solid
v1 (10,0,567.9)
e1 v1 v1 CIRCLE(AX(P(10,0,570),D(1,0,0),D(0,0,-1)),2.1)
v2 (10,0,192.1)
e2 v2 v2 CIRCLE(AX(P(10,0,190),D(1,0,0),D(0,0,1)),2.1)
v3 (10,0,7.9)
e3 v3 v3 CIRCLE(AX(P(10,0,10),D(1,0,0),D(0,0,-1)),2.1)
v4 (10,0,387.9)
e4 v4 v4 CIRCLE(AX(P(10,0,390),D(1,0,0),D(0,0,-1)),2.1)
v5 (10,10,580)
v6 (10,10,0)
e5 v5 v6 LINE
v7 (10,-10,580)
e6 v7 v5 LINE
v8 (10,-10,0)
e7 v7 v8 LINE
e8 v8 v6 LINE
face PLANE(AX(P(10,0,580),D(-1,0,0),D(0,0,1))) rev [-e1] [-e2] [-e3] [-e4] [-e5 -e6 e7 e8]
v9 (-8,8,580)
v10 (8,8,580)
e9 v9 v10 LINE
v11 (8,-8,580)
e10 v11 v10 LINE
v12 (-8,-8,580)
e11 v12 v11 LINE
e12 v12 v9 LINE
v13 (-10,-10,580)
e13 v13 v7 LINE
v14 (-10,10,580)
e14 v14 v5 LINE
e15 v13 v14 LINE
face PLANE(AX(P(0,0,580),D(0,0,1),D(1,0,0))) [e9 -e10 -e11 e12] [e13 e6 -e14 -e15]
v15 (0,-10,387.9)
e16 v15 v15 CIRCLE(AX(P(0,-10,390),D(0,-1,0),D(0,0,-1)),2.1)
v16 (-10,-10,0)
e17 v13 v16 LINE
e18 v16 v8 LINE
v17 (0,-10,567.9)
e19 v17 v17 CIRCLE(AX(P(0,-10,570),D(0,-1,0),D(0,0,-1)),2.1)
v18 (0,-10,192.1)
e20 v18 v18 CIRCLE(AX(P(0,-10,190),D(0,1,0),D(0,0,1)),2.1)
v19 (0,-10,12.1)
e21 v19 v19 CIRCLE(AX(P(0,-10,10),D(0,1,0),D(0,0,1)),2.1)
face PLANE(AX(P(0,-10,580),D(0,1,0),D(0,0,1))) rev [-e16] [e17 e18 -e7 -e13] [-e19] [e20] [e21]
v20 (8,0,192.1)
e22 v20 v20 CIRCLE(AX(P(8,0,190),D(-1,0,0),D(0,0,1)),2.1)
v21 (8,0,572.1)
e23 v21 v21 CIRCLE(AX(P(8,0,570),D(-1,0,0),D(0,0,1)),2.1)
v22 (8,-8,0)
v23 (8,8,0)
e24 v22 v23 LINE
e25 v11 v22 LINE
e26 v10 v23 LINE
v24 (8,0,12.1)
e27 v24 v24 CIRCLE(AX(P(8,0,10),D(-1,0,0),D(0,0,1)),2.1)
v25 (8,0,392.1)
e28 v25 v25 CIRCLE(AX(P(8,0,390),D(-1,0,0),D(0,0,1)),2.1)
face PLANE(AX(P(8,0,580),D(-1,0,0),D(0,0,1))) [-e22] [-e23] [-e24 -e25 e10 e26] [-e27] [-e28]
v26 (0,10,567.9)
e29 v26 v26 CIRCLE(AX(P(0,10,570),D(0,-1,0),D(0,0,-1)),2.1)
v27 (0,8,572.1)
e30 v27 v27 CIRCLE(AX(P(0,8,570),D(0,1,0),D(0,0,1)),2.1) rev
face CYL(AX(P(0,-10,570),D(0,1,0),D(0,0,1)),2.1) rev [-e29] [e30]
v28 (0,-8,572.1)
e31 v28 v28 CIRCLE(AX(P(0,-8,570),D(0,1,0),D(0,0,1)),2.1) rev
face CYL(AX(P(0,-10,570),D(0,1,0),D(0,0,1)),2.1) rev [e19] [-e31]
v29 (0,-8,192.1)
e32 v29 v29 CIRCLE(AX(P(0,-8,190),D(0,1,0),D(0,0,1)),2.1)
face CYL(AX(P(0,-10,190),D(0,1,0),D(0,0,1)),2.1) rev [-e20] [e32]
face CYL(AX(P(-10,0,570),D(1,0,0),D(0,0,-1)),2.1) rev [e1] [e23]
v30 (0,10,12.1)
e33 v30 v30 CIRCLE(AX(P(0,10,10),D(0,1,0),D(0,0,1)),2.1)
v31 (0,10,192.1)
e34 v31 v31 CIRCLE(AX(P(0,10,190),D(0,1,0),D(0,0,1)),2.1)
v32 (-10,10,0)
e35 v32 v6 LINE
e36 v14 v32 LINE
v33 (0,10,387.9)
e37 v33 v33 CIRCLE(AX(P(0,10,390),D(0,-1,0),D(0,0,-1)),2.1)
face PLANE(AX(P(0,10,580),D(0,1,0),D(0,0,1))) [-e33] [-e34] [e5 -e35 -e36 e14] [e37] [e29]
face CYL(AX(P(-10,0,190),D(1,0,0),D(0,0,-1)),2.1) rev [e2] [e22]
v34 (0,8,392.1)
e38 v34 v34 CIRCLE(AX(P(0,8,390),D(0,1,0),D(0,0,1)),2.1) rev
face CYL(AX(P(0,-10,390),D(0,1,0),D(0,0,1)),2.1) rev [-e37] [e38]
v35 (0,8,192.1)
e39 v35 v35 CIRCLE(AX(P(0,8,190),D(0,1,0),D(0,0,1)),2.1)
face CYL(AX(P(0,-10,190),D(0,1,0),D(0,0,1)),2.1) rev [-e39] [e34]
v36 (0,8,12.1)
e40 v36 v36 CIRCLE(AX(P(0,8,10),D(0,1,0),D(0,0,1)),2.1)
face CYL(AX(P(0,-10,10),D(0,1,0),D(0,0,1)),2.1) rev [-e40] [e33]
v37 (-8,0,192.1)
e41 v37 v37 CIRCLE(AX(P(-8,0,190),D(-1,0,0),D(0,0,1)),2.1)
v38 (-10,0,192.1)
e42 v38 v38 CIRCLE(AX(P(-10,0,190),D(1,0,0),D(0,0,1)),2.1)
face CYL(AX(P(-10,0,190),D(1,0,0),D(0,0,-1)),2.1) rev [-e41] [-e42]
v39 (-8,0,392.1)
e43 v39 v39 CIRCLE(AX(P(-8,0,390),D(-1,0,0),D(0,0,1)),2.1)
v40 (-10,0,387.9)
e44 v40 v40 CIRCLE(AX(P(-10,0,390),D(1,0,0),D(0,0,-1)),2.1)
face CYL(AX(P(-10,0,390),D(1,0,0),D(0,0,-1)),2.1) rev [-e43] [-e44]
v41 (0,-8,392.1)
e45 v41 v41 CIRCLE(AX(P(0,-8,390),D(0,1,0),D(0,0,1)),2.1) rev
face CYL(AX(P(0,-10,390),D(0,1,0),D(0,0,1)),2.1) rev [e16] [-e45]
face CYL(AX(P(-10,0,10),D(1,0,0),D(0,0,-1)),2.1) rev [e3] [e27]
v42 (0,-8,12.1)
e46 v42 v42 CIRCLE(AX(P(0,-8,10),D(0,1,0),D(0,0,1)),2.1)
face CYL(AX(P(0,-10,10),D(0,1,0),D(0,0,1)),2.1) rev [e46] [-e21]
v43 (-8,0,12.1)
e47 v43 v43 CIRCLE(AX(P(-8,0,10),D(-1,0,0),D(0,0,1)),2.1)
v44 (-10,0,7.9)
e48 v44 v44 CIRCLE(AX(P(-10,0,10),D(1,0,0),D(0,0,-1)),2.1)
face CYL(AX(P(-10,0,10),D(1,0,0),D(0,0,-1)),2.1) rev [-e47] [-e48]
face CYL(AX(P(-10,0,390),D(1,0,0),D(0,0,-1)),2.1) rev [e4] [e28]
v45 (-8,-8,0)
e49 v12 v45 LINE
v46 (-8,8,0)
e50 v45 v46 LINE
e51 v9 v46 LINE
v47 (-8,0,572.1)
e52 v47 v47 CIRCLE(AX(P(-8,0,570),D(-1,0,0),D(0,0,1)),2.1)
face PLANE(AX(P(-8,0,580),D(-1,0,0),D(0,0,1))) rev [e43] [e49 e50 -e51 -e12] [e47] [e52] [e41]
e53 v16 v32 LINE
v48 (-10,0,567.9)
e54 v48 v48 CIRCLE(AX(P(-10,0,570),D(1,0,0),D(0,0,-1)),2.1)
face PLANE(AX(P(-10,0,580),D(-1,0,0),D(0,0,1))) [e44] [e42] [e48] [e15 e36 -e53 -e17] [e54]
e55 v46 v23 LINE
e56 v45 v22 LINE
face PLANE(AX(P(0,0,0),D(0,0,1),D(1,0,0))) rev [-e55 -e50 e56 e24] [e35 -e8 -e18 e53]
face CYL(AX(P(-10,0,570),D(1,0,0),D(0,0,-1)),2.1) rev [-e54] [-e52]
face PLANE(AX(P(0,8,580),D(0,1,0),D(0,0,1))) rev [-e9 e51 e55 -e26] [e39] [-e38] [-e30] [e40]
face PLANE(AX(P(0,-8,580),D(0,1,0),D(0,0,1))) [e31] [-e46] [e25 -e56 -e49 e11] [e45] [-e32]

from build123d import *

# Parameters (mm, degrees)
SKETCH_1_W          = 20
SKETCH_1_H          = 20
SKETCH_1_W_2        = 16
SKETCH_1_H_2        = 16
EXTRUDE_1_DEPTH     = 580
SKETCH_2_R          = 2.1
CUT_EXTRUDE_1_DEPTH = 20
SKETCH_3_R          = 2.1
CUT_EXTRUDE_2_DEPTH = 581.689245638


with BuildPart() as part:
    # 草图1 → 凸台-拉伸1 (new body)
    with BuildSketch(Plane.XY):
        Rectangle(SKETCH_1_W, SKETCH_1_H)
        Rectangle(SKETCH_1_W_2, SKETCH_1_H_2, mode=Mode.SUBTRACT)
    extrude(amount=EXTRUDE_1_DEPTH)

    # 草图2 → 切除-拉伸1 (cut)
    with BuildSketch(Plane(origin=(0, 10, 0), x_dir=(1, 0, 0), z_dir=(0, 1, 0))):
        with Locations(Location((0, -10, 0), (0, 0, 270))):
            Circle(SKETCH_2_R)
        with Locations(Location((0, -190, 0), (0, 0, 270))):
            Circle(SKETCH_2_R)
    cut_extrude_1 = extrude(amount=-CUT_EXTRUDE_1_DEPTH, mode=Mode.SUBTRACT)

    # 镜向1: 切除-拉伸1 across plane
    add(cut_extrude_1.mirror(Plane.XY.offset(290)), mode=Mode.SUBTRACT)

    # 草图3 → 切除-拉伸2 (cut, through all)
    with BuildSketch(Plane(origin=(10, 10, 580), x_dir=(0, 0, -1), z_dir=(1, 0, 0))):
        with Locations((10, -10)):
            Circle(SKETCH_3_R)
        with Locations((570, -10)):
            Circle(SKETCH_3_R)
        with Locations((190, -10)):
            Circle(SKETCH_3_R)
        with Locations(Location((390, -10, 0), (0, 0, 180))):
            Circle(SKETCH_3_R)
    extrude(amount=-CUT_EXTRUDE_2_DEPTH, mode=Mode.SUBTRACT)


solid = part.part
